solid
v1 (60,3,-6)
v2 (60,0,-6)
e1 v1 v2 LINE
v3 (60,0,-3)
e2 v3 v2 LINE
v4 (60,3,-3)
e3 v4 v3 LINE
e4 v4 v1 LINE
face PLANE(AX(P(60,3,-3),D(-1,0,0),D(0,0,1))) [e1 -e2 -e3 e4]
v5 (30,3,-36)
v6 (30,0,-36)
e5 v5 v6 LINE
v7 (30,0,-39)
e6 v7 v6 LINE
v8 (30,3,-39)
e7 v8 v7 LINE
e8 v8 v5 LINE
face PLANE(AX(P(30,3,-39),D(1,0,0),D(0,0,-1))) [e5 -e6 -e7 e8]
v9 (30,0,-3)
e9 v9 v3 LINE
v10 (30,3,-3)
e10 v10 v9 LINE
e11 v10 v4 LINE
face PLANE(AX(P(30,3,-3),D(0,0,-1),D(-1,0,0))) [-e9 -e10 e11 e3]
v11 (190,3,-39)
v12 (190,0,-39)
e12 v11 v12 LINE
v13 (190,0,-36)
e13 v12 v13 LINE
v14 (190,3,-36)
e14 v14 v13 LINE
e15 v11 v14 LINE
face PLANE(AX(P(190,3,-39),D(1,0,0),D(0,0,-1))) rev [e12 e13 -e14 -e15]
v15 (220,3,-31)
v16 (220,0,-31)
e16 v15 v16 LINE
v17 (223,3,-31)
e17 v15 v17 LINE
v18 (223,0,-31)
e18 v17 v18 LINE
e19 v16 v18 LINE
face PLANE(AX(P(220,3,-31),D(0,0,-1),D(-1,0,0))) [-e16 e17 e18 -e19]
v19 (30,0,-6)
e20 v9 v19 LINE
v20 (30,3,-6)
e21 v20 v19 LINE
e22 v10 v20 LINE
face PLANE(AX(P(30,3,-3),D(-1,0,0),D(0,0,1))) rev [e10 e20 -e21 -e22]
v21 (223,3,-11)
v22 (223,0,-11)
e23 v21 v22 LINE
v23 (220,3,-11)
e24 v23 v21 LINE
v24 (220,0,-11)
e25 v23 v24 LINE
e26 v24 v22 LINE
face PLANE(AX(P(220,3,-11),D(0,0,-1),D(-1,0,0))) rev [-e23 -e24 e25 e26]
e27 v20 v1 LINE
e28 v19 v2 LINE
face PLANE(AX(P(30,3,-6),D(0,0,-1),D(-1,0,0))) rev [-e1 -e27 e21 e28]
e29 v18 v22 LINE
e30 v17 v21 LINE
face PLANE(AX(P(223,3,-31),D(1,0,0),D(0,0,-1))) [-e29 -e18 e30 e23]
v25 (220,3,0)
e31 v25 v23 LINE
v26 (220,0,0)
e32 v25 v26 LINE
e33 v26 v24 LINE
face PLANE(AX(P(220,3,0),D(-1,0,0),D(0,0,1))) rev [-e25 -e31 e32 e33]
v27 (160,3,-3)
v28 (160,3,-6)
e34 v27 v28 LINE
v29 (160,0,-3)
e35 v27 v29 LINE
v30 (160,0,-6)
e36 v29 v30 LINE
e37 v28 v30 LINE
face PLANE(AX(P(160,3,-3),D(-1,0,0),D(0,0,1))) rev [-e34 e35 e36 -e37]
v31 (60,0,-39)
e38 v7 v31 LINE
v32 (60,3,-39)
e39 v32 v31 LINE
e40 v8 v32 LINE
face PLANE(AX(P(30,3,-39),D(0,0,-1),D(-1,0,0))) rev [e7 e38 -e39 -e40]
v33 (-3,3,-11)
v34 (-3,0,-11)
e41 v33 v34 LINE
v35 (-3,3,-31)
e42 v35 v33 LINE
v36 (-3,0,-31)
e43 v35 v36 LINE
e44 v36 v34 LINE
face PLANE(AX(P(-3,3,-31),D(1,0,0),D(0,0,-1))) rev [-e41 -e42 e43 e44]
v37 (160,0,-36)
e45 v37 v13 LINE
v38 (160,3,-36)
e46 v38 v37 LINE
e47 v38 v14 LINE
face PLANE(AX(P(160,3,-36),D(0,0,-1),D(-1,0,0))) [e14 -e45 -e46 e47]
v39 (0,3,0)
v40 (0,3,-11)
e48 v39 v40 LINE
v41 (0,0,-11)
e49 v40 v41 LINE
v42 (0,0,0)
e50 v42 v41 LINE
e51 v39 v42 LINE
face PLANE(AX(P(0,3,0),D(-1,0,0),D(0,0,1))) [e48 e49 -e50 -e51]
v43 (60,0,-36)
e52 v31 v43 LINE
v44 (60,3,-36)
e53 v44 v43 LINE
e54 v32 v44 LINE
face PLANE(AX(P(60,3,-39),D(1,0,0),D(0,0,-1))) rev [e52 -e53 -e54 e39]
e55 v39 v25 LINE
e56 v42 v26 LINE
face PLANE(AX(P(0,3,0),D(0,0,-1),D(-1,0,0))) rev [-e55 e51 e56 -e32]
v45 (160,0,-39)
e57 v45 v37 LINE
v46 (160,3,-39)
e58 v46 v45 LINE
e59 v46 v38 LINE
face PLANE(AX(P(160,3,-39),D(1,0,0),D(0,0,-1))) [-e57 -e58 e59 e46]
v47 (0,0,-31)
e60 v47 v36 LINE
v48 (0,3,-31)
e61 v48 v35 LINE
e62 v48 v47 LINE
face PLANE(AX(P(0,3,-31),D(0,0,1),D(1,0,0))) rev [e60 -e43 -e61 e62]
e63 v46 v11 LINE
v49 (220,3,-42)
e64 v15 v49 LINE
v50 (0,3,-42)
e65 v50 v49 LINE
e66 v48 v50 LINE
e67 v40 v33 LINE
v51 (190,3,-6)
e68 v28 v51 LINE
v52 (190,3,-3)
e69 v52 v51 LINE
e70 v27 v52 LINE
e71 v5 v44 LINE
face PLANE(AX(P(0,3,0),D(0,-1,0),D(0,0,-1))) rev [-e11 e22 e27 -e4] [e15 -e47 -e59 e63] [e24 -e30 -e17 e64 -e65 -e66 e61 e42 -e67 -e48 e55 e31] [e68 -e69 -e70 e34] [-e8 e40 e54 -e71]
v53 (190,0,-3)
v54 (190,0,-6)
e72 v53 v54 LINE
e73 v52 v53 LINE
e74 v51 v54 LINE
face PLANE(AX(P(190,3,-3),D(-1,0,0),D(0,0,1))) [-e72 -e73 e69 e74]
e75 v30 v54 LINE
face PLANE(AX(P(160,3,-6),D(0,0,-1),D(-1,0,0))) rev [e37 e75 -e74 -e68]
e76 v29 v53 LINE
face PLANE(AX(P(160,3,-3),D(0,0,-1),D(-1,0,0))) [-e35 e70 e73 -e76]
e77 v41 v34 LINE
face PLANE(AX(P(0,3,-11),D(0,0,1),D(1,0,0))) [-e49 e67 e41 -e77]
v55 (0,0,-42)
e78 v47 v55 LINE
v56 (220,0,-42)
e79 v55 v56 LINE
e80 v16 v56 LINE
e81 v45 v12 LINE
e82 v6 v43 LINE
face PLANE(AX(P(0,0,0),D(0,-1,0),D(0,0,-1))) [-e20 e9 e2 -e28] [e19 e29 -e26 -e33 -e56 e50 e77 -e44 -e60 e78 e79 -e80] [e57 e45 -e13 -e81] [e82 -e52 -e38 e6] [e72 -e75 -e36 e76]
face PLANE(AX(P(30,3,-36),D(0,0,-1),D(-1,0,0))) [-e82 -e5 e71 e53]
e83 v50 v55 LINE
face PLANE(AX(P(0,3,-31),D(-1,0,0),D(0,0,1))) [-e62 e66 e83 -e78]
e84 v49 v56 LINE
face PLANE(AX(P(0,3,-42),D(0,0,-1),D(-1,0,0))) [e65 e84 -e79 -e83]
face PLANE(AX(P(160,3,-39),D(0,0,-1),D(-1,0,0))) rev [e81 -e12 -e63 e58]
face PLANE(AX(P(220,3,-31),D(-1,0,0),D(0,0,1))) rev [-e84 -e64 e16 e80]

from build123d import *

# Parameters (mm, degrees)
SKETCH1_W           = 30
SKETCH1_H           = 3
BOSS_EXTRUDE1_DEPTH = 3


with BuildPart() as part:
    # Sketch1 → Boss-Extrude1 (new body)
    with BuildSketch(Plane(origin=(0, 0, 0), x_dir=(1, 0, 0), z_dir=(0, 1, 0))):
        Polygon((0, 0), (220, 0), (220, 11), (223, 11), (223, 31), (220, 31), (220, 42), (0, 42), (0, 31), (-3, 31), (-3, 11), (0, 11), align=None)
        with Locations((45, 37.5)):
            Rectangle(SKETCH1_W, SKETCH1_H, mode=Mode.SUBTRACT)
        with Locations((175, 37.5)):
            Rectangle(SKETCH1_W, SKETCH1_H, mode=Mode.SUBTRACT)
        with Locations((175, 4.5)):
            Rectangle(SKETCH1_W, SKETCH1_H, mode=Mode.SUBTRACT)
        with Locations((45, 4.5)):
            Rectangle(SKETCH1_W, SKETCH1_H, mode=Mode.SUBTRACT)
    extrude(amount=BOSS_EXTRUDE1_DEPTH)


solid = part.part
